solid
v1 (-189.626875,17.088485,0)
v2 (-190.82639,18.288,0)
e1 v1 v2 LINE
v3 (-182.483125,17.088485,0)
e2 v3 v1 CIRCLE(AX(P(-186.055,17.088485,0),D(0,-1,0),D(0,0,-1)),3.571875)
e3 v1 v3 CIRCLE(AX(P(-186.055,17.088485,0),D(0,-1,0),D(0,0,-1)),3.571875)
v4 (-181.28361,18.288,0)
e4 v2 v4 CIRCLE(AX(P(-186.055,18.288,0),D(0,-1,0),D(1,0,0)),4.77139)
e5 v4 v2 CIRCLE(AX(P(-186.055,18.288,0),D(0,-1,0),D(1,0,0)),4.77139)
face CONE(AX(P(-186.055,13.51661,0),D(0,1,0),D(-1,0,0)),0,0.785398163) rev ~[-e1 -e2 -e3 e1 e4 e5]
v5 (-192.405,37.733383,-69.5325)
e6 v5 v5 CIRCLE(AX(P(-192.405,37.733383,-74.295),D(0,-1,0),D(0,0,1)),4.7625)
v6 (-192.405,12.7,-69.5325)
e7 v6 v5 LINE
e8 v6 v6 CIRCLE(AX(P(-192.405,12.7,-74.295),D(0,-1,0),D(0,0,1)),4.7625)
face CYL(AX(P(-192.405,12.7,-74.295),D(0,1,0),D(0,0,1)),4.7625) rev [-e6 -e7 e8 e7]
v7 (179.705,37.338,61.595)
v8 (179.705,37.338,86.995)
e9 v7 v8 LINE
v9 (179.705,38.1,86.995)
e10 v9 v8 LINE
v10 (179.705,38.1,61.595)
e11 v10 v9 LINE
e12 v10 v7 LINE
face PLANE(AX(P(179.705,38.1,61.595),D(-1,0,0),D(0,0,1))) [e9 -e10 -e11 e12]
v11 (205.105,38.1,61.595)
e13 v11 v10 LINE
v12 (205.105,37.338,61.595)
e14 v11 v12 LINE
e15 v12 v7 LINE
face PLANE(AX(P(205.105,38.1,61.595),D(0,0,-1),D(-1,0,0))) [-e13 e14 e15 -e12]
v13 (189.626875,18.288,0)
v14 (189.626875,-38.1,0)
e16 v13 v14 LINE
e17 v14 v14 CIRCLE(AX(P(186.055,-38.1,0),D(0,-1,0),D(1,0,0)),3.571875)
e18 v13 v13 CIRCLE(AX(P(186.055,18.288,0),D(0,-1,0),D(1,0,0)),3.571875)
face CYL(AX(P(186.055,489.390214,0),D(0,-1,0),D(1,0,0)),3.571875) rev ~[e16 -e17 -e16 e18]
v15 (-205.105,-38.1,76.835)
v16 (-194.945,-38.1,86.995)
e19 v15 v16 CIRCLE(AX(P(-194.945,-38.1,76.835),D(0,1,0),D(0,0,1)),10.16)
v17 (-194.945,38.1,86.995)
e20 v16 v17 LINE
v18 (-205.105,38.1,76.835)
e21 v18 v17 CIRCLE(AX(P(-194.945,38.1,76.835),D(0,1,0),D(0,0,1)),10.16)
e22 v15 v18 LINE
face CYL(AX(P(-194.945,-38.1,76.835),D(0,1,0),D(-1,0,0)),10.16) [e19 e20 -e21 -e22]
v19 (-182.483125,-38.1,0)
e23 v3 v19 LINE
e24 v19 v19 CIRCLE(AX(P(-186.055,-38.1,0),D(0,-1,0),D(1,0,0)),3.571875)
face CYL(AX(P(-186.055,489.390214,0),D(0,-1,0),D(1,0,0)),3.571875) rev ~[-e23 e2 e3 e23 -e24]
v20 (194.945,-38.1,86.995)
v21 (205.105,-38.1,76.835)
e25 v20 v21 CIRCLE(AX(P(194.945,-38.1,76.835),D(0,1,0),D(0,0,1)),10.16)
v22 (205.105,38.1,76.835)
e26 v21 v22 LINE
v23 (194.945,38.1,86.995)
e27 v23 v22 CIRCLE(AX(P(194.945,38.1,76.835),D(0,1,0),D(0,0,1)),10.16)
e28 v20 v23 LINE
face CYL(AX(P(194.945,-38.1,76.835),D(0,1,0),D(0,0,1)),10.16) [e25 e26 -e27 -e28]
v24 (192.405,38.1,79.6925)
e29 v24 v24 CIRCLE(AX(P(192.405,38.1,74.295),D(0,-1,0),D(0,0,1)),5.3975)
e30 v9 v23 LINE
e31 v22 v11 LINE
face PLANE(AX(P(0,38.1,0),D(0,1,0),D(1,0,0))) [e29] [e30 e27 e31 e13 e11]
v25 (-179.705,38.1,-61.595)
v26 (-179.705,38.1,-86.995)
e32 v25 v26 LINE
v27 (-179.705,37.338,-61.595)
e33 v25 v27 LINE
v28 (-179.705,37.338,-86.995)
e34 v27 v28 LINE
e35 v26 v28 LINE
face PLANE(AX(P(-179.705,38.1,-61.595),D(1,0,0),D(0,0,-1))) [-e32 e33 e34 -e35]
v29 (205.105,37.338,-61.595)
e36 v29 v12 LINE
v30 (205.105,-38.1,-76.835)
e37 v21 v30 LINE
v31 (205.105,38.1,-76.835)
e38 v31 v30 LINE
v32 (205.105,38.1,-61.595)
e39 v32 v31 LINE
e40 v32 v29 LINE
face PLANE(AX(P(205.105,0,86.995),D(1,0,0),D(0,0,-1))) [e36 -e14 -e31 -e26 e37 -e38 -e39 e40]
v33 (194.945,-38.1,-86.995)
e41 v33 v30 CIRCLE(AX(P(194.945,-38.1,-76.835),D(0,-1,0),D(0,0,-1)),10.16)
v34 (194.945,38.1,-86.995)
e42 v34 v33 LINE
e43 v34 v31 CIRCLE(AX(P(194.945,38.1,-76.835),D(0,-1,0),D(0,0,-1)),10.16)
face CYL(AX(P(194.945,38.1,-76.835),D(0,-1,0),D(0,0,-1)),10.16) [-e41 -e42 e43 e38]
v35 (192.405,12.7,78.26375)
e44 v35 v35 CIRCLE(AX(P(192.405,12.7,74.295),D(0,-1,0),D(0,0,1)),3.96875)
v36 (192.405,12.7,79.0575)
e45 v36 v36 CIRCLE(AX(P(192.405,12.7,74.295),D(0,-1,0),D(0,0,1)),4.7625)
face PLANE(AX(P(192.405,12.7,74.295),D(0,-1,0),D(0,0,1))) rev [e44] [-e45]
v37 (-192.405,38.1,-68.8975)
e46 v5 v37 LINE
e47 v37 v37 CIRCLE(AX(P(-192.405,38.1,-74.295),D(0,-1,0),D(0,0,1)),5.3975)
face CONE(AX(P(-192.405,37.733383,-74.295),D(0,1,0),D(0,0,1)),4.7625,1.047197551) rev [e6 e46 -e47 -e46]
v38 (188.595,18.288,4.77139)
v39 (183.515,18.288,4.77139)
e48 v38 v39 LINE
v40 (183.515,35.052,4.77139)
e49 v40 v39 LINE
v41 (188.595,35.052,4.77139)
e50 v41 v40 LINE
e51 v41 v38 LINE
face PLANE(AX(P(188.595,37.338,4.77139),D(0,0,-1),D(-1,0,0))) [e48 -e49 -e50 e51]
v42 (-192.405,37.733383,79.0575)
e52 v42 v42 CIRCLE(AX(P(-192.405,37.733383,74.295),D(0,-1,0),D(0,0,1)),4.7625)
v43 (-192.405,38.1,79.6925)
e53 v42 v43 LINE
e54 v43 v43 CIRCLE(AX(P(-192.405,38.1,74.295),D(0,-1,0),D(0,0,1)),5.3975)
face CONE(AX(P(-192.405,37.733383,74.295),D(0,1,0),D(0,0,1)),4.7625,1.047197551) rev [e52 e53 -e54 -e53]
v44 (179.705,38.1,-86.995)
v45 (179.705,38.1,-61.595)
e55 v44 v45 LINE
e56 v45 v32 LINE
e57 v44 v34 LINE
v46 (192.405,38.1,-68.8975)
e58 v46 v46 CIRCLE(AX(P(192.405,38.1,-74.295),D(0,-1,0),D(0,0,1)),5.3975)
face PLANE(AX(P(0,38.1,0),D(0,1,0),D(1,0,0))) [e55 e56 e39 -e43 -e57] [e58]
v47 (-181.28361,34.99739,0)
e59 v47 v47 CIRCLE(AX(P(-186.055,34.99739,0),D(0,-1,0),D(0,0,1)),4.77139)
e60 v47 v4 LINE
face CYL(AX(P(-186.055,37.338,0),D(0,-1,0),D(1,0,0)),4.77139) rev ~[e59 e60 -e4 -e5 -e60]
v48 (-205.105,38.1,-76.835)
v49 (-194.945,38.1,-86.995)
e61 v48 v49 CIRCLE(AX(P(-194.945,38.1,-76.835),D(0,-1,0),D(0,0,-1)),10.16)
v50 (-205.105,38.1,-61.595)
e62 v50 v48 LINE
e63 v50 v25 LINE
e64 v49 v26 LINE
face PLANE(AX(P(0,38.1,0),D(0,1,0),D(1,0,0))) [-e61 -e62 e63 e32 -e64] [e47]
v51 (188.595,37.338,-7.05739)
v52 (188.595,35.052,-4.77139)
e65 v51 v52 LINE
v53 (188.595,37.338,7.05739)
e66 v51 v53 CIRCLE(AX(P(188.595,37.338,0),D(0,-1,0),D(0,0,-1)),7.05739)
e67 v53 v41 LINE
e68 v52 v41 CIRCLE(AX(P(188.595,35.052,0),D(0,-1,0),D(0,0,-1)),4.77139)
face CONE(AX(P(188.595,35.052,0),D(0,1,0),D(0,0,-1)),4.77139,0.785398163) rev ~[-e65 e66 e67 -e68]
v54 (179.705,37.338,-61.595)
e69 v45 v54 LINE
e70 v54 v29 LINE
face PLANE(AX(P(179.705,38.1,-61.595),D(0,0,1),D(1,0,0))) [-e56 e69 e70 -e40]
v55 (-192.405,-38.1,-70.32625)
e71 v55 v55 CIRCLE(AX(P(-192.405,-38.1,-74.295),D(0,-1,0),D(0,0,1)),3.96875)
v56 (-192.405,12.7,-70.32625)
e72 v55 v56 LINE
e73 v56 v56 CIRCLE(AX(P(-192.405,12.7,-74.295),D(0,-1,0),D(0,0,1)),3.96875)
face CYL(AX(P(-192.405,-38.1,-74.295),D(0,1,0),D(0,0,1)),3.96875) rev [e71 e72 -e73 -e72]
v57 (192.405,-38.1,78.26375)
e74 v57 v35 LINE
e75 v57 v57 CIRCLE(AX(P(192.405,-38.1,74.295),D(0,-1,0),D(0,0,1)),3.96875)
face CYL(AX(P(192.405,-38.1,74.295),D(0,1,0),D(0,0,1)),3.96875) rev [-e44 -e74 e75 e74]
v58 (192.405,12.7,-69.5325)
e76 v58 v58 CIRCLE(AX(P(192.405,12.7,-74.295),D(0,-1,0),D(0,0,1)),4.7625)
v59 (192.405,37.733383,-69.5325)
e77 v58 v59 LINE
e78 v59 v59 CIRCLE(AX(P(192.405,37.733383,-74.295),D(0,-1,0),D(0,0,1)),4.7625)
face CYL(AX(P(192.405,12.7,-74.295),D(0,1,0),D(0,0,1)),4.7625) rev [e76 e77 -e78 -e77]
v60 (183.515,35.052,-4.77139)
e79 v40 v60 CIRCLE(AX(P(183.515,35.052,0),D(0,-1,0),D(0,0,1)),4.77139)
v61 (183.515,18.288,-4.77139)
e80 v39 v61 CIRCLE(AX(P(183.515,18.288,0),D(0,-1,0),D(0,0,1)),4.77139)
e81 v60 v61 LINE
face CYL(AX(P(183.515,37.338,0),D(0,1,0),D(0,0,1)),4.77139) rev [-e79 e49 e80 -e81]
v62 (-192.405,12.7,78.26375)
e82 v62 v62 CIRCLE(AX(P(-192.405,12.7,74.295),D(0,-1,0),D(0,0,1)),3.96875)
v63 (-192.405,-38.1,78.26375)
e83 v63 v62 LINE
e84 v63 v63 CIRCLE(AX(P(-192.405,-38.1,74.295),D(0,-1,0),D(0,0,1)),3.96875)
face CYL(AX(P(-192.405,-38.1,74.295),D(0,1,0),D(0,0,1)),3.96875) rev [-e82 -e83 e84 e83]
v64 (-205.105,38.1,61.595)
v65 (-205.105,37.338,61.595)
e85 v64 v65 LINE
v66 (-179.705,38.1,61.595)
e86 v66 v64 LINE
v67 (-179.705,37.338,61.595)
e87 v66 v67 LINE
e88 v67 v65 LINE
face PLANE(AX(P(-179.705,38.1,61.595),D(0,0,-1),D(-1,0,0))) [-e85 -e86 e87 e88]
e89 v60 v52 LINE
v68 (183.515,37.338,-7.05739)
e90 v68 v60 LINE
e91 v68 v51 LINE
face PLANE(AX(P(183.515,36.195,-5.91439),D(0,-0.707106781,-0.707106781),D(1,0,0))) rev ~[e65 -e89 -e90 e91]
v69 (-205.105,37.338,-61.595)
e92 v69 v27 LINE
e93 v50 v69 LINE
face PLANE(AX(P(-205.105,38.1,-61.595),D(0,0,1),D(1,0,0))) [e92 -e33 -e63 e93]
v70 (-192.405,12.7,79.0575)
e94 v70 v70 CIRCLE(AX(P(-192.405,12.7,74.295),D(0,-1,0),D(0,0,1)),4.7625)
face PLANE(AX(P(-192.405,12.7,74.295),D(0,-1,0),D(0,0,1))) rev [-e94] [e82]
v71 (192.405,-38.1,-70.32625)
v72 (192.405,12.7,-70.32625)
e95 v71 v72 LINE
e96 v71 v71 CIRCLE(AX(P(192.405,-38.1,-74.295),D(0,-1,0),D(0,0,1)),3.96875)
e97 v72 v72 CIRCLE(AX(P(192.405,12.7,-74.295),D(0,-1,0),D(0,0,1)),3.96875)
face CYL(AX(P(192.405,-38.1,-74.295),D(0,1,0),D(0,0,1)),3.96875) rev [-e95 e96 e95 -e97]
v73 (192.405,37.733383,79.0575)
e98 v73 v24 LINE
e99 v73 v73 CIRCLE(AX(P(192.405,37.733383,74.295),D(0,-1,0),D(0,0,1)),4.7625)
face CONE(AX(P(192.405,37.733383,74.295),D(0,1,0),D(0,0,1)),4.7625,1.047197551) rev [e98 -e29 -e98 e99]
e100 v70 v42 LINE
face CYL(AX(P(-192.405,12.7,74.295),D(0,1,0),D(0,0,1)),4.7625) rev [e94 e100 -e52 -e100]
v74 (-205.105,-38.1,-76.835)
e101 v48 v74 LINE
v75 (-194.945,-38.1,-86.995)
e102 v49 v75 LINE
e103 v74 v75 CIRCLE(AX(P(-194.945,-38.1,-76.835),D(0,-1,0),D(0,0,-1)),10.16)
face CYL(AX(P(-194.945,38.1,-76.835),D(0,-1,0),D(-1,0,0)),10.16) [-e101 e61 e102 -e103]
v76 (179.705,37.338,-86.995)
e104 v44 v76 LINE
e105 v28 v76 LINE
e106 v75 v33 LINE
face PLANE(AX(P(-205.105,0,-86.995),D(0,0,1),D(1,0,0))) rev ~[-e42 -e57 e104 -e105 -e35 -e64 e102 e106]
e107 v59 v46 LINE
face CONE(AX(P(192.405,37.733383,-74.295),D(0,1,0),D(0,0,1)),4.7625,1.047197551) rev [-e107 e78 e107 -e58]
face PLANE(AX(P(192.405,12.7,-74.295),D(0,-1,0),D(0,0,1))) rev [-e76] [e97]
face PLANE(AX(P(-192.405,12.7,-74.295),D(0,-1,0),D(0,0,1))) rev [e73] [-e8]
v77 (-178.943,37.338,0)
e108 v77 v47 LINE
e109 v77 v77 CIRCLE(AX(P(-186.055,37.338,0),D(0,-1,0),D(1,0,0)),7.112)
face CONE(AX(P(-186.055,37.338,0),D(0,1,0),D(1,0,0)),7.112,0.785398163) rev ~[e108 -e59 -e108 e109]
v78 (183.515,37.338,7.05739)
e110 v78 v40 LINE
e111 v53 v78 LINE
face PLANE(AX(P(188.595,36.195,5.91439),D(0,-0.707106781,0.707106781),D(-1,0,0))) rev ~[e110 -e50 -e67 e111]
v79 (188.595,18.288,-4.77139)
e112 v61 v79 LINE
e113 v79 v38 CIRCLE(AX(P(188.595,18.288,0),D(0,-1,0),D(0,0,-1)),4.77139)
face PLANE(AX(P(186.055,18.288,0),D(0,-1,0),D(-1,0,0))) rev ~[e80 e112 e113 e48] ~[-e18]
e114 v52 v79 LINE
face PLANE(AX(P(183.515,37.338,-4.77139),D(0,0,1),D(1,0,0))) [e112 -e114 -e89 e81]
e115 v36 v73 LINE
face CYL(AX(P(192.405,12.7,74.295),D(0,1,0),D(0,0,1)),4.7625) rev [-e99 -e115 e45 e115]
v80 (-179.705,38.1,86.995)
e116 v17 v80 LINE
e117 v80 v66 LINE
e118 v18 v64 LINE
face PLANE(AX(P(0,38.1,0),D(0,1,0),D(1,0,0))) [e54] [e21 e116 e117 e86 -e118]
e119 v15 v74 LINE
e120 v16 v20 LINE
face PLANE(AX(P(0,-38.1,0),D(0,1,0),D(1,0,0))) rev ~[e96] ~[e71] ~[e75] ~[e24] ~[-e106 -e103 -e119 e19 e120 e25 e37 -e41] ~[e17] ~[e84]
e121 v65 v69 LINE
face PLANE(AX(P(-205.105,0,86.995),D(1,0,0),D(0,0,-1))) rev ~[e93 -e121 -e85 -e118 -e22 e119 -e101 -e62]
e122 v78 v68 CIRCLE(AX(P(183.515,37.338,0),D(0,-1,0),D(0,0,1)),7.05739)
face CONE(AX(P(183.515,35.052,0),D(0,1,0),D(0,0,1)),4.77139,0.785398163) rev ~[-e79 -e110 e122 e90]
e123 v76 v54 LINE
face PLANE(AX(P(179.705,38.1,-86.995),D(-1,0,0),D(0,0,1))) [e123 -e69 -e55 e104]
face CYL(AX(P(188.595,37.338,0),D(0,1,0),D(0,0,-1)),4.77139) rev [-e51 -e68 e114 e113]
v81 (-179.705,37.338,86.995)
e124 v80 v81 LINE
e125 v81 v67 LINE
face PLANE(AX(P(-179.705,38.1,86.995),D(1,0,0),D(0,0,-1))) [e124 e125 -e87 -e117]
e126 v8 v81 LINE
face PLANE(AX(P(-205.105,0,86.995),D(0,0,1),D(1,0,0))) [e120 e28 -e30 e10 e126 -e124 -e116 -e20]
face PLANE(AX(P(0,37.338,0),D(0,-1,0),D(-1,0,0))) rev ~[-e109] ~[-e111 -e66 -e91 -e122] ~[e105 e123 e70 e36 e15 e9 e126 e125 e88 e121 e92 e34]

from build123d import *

# Parameters (mm, degrees)
SKETCH1_W                                  = 410.21
SKETCH1_H                                  = 173.99
EXTRUDE1_DEPTH                             = 38.1
EXTRUDE2_DEPTH                             = 0.762
F_3_8_16_TAPPED_HOLE2_AT_2_COUNT           = 2
F_3_8_16_TAPPED_HOLE2_AT_2_PITCH           = 148.59
F_3_8_16_TAPPED_HOLE2_AT_3_COUNT           = 2
F_3_8_16_TAPPED_HOLE2_AT_3_PITCH           = 412.501786905
F_3_8_16_TAPPED_HOLE2_AT_4_COUNT           = 2
F_3_8_16_TAPPED_HOLE2_AT_4_PITCH           = 384.81
FILLET1_R                                  = 10.16
F_3_8_DOWEL_PIN_HOLE_D                     = 9.54278
F_3_8_DOWEL_PIN_HOLE_DEPTH                 = 19.05
F_3_8_DOWEL_PIN_HOLE_CSINK_D               = 14.224
F_3_8_DOWEL_PIN_HOLE_CSINK_ANGLE           = 90
F_3_8_DOWEL_PIN_HOLE_TIP                   = 4.77139
EXTRUDE3_DEPTH                             = 19.05
CHAMFER1_SIZE                              = 2.286
F_7_32_0_21875_DIAMETER_HOLE_VENTED_HOLE_D = 7.14375


with BuildPart() as part:
    # Sketch1 → Extrude1 (new body, symmetric)
    with BuildSketch(Plane(origin=(0, 0, 0), x_dir=(1, 0, 0), z_dir=(0, 1, 0))):
        Rectangle(SKETCH1_W, SKETCH1_H)
    extrude(amount=EXTRUDE1_DEPTH, both=True)

    # Sketch2 → Extrude2 (cut)
    with BuildSketch(Plane(origin=(0, 38.1, 0), x_dir=(1, 0, 0), z_dir=(0, 1, 0))):
        Polygon((-205.105, 61.595), (-179.705, 61.595), (-179.705, 86.995), (179.705, 86.995), (179.705, 61.595), (205.105, 61.595), (205.105, -61.595), (179.705, -61.595), (179.705, -86.995), (-179.705, -86.995), (-179.705, -61.595), (-205.105, -61.595), align=None)
    extrude(amount=-EXTRUDE2_DEPTH, mode=Mode.SUBTRACT)

    # Sketch3 → 3/8-16 Tapped Hole2 (revolve, cut)
    with BuildSketch(Plane(origin=(-192.405, 38.1, -74.295), x_dir=(0, 0, 1), z_dir=(1, 0, 0))):
        Polygon((0, 0), (0, 76.2), (3.96875, 76.2), (3.96875, 25.4), (4.7625, 25.4), (4.7625, 0.366617421), (5.3975, 0), align=None)
    f_3_8_16_tapped_hole2 = revolve(axis=Axis((-192.405, 44.45, -74.295), (0, -1, 0)), mode=Mode.SUBTRACT)

    # 3/8-16 Tapped Hole2 at 2: 3/8-16 Tapped Hole2 ×2
    with Locations(*[(0, 0, i * F_3_8_16_TAPPED_HOLE2_AT_2_PITCH) for i in range(1, F_3_8_16_TAPPED_HOLE2_AT_2_COUNT)]):
        add(f_3_8_16_tapped_hole2, mode=Mode.SUBTRACT)

    # 3/8-16 Tapped Hole2 at 3: 3/8-16 Tapped Hole2 ×2
    with Locations(*[Vector(0.932868686, 0, 0.360216621) * (i * F_3_8_16_TAPPED_HOLE2_AT_3_PITCH) for i in range(1, F_3_8_16_TAPPED_HOLE2_AT_3_COUNT)]):
        add(f_3_8_16_tapped_hole2, mode=Mode.SUBTRACT)

    # 3/8-16 Tapped Hole2 at 4: 3/8-16 Tapped Hole2 ×2
    with Locations(*[(i * F_3_8_16_TAPPED_HOLE2_AT_4_PITCH, 0, 0) for i in range(1, F_3_8_16_TAPPED_HOLE2_AT_4_COUNT)]):
        add(f_3_8_16_tapped_hole2, mode=Mode.SUBTRACT)

    # Fillet1
    fillet1_edges = [part.edges().sort_by_distance(p)[0] for p in [
        (-205.105, 0, -86.995),
        (205.105, 0, -86.995),
        (205.105, 0, 86.995),
        (-205.105, 0, 86.995),
    ]]
    fillet(fillet1_edges, radius=FILLET1_R)

    # 3/8 dowel pin hole
    with Locations(Plane(origin=(0, 37.338, 0), x_dir=(-1, 0, 0), z_dir=(0, 1, 0))):
        with Locations((186.055, 0)):
            CounterSinkHole(F_3_8_DOWEL_PIN_HOLE_D / 2, F_3_8_DOWEL_PIN_HOLE_CSINK_D / 2, depth=F_3_8_DOWEL_PIN_HOLE_DEPTH, counter_sink_angle=F_3_8_DOWEL_PIN_HOLE_CSINK_ANGLE)
            with Locations((0, 0, -(F_3_8_DOWEL_PIN_HOLE_DEPTH + F_3_8_DOWEL_PIN_HOLE_TIP / 2))):  # 90° drill point
                Cone(0, F_3_8_DOWEL_PIN_HOLE_D / 2, F_3_8_DOWEL_PIN_HOLE_TIP, mode=Mode.SUBTRACT)

    # Sketch7 → Extrude3 (cut)
    with BuildSketch(Plane(origin=(0, 37.338, 0), x_dir=(1, 0, 0), z_dir=(0, 1, 0))):
        with BuildLine():
            Line((183.515, 4.77139), (188.595, 4.77139))
            ThreePointArc((188.595, 4.77139), (193.36639, 0), (188.595, -4.77139))
            Line((188.595, -4.77139), (183.515, -4.77139))
            ThreePointArc((183.515, -4.77139), (178.74361, 0), (183.515, 4.77139))
        make_face()
    extrude(amount=-EXTRUDE3_DEPTH, mode=Mode.SUBTRACT)

    # Chamfer1
    chamfer1_edges = [part.edges().sort_by_distance(p)[0] for p in [
        (178.74361, 37.338, 0),
        (186.055, 37.338, 4.77139),
        (193.36639, 37.338, 0),
        (186.055, 37.338, -4.77139),
    ]]
    chamfer(chamfer1_edges, length=CHAMFER1_SIZE)

    # 7/32 (0.21875) Diameter Hole Vented Holes (through all)
    with Locations(Plane(origin=(0, 37.338, 0), x_dir=(-1, 0, 0), z_dir=(0, 1, 0))):
        with Locations((-186.055, 0), (186.055, 0)):
            Hole(F_7_32_0_21875_DIAMETER_HOLE_VENTED_HOLE_D / 2)


solid = part.part
